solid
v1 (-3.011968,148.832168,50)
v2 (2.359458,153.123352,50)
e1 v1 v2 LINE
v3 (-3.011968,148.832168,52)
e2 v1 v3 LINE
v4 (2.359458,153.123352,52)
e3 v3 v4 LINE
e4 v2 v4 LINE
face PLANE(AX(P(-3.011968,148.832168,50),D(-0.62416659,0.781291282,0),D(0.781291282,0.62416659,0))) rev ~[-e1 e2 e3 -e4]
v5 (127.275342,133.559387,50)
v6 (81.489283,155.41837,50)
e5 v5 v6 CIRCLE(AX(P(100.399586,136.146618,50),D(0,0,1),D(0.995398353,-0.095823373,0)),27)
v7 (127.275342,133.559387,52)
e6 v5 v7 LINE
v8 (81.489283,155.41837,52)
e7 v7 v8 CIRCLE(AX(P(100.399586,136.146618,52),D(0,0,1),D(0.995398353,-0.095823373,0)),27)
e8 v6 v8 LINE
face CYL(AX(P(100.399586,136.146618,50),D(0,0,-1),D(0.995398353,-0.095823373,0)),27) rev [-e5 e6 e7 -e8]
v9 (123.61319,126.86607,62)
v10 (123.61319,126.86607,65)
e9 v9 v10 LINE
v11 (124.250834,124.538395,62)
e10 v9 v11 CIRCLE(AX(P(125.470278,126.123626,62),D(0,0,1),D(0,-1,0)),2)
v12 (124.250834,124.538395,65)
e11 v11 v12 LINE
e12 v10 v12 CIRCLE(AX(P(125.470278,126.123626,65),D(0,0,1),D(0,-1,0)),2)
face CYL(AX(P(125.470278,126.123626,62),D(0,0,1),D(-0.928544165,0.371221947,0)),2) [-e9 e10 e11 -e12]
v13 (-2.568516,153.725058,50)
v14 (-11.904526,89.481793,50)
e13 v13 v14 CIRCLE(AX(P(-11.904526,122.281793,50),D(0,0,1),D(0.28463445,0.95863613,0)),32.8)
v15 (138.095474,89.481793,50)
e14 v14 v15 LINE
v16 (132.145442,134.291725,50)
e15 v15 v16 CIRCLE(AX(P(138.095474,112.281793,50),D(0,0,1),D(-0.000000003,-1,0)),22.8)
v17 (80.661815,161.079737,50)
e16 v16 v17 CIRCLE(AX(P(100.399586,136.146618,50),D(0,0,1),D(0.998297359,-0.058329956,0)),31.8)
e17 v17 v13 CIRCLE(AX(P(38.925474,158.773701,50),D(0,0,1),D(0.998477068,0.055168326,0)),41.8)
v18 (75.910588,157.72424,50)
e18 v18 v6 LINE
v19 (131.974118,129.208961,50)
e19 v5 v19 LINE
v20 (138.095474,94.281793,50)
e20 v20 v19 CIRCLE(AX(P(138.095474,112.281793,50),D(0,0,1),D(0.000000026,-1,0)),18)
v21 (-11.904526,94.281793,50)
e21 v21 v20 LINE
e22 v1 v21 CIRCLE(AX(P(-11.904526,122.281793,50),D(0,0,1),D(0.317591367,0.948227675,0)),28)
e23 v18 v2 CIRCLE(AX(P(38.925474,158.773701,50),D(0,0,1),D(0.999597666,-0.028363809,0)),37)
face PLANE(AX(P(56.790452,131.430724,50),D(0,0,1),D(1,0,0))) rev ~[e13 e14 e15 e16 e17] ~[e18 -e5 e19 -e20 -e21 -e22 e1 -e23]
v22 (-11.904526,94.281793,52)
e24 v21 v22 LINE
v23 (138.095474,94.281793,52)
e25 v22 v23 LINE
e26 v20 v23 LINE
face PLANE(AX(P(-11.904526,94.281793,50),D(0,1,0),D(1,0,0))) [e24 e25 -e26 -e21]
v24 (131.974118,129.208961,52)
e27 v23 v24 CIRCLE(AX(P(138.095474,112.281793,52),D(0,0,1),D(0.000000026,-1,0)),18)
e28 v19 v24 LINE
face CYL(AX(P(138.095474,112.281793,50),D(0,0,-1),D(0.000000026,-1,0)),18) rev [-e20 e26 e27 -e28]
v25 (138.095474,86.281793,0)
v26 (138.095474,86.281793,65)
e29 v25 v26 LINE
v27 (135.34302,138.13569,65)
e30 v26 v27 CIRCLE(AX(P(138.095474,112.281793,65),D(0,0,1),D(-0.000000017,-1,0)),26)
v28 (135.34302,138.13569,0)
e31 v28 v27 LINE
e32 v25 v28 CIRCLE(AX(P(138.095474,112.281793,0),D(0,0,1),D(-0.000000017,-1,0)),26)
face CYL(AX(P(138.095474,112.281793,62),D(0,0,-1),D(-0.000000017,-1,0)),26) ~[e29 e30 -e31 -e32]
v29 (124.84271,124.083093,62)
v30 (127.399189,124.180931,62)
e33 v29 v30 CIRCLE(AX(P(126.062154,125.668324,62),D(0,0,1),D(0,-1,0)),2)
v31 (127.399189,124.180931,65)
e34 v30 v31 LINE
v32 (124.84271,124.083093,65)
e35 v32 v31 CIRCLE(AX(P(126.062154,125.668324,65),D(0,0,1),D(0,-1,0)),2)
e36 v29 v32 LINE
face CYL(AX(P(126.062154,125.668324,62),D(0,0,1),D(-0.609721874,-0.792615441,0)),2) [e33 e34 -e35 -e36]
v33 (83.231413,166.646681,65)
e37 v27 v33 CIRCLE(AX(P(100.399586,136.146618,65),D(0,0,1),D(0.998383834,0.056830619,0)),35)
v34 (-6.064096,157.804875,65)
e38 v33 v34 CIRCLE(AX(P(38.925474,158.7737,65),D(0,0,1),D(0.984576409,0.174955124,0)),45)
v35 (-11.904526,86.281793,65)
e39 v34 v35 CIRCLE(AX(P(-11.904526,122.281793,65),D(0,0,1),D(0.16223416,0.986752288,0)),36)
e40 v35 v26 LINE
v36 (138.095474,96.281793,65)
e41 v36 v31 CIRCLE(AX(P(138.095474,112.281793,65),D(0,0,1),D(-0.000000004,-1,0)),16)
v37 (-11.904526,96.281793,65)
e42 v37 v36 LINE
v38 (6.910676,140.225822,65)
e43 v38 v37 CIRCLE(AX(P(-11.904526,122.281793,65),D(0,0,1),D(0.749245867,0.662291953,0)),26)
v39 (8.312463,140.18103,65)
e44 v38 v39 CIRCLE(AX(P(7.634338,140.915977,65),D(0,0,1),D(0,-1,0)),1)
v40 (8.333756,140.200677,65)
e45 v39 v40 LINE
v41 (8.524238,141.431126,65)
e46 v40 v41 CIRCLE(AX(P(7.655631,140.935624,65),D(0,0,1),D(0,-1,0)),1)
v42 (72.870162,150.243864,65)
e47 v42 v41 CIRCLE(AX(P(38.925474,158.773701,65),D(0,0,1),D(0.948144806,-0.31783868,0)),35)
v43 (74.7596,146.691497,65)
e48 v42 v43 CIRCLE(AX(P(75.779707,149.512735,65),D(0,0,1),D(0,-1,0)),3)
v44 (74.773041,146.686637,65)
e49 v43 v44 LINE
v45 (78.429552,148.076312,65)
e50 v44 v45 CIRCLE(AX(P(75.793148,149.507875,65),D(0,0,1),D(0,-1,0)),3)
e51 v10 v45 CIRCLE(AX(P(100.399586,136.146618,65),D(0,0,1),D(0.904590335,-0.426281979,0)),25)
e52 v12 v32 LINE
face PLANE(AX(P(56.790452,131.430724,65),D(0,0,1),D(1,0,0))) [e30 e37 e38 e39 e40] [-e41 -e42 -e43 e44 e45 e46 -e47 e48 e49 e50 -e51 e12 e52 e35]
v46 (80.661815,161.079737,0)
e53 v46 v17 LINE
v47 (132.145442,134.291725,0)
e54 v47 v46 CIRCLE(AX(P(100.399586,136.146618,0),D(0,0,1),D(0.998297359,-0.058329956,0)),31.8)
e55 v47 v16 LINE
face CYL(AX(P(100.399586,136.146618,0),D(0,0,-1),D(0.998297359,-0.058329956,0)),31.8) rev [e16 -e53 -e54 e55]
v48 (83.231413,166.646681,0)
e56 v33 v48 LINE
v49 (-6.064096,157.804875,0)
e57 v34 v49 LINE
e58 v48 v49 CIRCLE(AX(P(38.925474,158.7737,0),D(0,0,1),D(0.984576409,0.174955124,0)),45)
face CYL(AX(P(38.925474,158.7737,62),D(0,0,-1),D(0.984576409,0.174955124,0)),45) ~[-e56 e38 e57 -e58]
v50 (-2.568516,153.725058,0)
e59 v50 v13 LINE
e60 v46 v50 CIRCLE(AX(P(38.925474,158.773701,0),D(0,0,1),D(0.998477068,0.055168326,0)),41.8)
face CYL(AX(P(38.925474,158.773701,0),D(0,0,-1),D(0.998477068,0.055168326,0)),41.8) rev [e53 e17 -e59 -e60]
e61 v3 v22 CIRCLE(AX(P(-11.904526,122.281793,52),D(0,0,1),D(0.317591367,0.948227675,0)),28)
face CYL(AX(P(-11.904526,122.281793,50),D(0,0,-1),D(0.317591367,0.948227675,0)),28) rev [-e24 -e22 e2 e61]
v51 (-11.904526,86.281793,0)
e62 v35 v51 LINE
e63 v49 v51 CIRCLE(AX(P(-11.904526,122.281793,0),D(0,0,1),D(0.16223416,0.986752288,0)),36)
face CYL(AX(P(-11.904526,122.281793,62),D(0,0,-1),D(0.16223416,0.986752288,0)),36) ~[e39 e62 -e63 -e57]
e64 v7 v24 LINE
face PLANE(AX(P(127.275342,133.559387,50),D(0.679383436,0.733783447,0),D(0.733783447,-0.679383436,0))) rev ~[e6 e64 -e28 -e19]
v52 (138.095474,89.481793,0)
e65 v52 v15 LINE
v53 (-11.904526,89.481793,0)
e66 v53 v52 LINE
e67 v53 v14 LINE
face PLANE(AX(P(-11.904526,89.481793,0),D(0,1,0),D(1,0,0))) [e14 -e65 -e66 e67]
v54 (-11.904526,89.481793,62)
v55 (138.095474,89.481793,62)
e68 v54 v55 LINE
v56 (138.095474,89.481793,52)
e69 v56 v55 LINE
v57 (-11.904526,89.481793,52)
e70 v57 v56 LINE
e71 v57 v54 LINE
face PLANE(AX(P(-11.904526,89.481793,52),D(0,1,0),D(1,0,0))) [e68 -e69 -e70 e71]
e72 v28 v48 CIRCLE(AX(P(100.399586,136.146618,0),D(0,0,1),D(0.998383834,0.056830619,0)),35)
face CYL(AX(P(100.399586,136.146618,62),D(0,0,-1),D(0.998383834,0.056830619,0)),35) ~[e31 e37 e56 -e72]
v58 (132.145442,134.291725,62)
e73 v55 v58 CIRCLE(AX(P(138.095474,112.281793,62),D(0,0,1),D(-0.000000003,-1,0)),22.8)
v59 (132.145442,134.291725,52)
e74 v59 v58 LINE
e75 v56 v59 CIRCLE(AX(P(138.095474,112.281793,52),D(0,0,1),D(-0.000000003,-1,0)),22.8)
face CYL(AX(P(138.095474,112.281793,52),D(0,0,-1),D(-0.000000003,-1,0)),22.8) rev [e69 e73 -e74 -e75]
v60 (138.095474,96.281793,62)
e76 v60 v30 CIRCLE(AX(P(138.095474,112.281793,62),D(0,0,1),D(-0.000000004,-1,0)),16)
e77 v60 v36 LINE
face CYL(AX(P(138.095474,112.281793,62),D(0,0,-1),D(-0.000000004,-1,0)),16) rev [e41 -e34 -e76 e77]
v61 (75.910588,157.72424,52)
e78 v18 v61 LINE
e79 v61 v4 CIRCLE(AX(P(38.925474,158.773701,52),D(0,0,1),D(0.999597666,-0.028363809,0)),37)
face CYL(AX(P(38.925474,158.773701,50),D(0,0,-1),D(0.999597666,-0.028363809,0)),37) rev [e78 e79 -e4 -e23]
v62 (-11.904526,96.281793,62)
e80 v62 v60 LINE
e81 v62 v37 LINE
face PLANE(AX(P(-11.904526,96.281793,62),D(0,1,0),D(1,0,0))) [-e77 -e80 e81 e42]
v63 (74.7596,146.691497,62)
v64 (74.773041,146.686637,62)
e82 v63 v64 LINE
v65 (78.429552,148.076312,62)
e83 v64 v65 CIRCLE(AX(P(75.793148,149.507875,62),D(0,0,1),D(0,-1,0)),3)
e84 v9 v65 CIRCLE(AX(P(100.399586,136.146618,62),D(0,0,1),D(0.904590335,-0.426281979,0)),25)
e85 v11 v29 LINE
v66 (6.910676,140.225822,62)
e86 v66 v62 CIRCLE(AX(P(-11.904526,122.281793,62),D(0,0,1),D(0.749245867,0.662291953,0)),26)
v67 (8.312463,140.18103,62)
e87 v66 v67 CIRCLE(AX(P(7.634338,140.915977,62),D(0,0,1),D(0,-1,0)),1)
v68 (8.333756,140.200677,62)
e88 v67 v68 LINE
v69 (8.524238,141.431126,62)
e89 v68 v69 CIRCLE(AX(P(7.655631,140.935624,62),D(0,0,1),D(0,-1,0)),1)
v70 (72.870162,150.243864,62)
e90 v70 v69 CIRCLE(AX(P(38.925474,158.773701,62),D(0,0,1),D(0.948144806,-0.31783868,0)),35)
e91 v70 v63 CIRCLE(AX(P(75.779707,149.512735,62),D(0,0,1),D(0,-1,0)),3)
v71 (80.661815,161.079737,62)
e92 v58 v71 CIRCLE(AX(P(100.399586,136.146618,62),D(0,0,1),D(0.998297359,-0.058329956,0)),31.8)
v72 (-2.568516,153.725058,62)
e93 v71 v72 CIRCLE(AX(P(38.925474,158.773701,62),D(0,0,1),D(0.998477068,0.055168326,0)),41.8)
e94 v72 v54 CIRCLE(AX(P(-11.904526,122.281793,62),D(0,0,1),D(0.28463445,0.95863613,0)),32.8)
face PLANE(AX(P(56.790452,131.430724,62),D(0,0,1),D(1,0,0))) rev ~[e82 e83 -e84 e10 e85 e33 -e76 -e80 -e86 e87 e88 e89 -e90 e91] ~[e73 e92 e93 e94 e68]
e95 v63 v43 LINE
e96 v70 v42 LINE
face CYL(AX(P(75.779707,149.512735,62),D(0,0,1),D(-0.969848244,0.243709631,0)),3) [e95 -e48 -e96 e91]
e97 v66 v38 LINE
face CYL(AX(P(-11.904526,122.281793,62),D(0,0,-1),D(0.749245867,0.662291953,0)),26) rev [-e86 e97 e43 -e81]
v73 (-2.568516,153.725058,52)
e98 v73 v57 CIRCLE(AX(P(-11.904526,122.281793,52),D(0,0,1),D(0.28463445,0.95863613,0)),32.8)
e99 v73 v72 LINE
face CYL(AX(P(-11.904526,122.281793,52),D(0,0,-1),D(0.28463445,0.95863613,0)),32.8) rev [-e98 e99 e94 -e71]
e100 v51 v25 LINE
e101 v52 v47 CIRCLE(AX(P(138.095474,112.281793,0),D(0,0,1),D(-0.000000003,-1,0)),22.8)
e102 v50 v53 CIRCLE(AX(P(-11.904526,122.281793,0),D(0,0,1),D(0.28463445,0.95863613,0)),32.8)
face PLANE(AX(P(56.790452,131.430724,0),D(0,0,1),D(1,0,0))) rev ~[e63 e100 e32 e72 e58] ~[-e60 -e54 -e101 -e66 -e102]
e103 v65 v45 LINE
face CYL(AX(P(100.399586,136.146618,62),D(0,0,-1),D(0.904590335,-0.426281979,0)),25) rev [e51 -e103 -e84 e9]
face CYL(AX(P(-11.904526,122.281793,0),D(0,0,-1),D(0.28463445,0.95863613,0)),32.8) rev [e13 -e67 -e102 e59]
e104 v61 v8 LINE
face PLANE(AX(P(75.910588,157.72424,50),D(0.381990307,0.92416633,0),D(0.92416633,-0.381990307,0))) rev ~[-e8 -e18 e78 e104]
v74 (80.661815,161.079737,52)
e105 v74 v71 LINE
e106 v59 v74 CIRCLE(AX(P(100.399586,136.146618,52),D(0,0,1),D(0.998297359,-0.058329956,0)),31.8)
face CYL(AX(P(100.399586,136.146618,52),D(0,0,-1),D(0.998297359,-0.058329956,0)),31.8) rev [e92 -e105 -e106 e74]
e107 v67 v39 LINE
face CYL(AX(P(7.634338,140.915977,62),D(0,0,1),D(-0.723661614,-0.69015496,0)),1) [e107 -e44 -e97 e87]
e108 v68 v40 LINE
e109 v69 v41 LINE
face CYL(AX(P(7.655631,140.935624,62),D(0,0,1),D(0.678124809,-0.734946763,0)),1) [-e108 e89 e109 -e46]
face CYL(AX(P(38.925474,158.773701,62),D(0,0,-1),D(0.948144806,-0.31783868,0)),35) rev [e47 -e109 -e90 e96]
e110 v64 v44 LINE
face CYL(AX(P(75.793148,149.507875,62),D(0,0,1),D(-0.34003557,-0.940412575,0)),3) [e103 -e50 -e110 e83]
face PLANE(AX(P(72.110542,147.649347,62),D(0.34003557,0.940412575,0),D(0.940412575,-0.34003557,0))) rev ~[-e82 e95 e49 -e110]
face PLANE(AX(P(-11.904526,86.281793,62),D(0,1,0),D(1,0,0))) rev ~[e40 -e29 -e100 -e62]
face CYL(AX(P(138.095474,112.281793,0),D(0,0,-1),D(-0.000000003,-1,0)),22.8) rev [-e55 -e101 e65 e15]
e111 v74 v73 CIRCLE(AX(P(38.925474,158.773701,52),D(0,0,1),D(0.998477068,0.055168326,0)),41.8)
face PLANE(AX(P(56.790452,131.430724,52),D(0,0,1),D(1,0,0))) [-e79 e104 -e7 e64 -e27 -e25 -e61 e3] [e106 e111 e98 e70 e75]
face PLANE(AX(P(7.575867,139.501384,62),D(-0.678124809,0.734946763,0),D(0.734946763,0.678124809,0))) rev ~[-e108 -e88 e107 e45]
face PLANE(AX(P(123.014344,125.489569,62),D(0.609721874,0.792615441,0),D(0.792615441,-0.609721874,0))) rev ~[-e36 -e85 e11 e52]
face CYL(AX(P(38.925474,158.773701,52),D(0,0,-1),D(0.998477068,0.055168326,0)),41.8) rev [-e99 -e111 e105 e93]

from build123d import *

# Parameters (mm, degrees)
PAD016_DEPTH = 50
PAD017_DEPTH = 2
PAD018_DEPTH = 10
PAD019_DEPTH = 3
FILLET_R     = 1
FILLET001_R  = 3
FILLET002_R  = 2


with BuildPart() as part:
    # Sketch024 → Pad016 (new body)
    with BuildSketch(Plane.XY):
        with BuildLine():
            Line((0, 0), (150, 0))
            ThreePointArc((150, 0), (175.963449, 27.378164), (147.247546, 51.853897))
            ThreePointArc((147.247546, 51.853897), (129.103193, 80.569725), (95.135939, 80.364888))
            ThreePointArc((95.135939, 80.364888), (46.395903, 117.272917), (5.84043, 71.523082))
            ThreePointArc((5.84043, 71.523082), (-35.880572, 38.929935), (0, 0))
        make_face()
        with BuildLine():
            ThreePointArc((92.566341, 74.797944), (47.150665, 114.129661), (9.33601, 67.443265))
            ThreePointArc((9.33601, 67.443265), (-32.459044, 40.717039), (0, 3.2))
            Line((0, 3.2), (150, 3.2))
            ThreePointArc((150, 3.2), (172.60162, 29.001128), (144.049968, 48.009932))
            ThreePointArc((144.049968, 48.009932), (126.982256, 78.074612), (92.566341, 74.797944))
        make_face(mode=Mode.SUBTRACT)
    extrude(amount=PAD016_DEPTH)

    # Sketch025 (on Face12 of Pad016) → Pad017 (join)
    with BuildSketch(Plane.XY.offset(50)):
        with BuildLine():
            Line((0, 0), (150, 0))
            ThreePointArc((150, 0), (175.963449, 27.378164), (147.247546, 51.853897))
            ThreePointArc((147.247546, 51.853897), (129.103193, 80.569725), (95.135939, 80.364888))
            ThreePointArc((95.135939, 80.364888), (46.395903, 117.272917), (5.84043, 71.523082))
            ThreePointArc((5.84043, 71.523082), (-35.880572, 38.929935), (0, 0))
        make_face()
        with BuildLine():
            ThreePointArc((87.815114, 71.442447), (48.520032, 109.41973), (14.263984, 66.841559))
            Line((8.892558, 62.550375), (14.263984, 66.841559))
            ThreePointArc((8.892558, 62.550375), (-27.635218, 40.504969), (0, 8))
            Line((0, 8), (150, 8))
            ThreePointArc((150, 8), (167.729763, 29.107329), (143.878644, 42.927168))
            Line((139.179868, 47.277594), (143.878644, 42.927168))
            ThreePointArc((139.179868, 47.277594), (123.936648, 74.230459), (93.393809, 69.136577))
            Line((87.815114, 71.442447), (93.393809, 69.136577))
        make_face(mode=Mode.SUBTRACT)
    extrude(amount=PAD017_DEPTH)

    # Sketch026 (on Face15 of Pad017) → Pad018 (join)
    with BuildSketch(Plane.XY.offset(52)):
        with BuildLine():
            Line((0, 0), (150, 0))
            ThreePointArc((150, 0), (175.963449, 27.378164), (147.247546, 51.853897))
            ThreePointArc((147.247546, 51.853897), (129.103193, 80.569725), (95.135939, 80.364888))
            ThreePointArc((95.135939, 80.364888), (46.395903, 117.272917), (5.84043, 71.523082))
            ThreePointArc((5.84043, 71.523082), (-35.880572, 38.929935), (0, 0))
        make_face()
        with BuildLine():
            ThreePointArc((92.566341, 74.797944), (47.150665, 114.129661), (9.33601, 67.443265))
            ThreePointArc((9.33601, 67.443265), (-32.459044, 40.717039), (0, 3.2))
            Line((0, 3.2), (150, 3.2))
            ThreePointArc((150, 3.2), (172.60162, 29.001128), (144.049968, 48.009932))
            ThreePointArc((144.049968, 48.009932), (126.982256, 78.074612), (92.566341, 74.797944))
        make_face(mode=Mode.SUBTRACT)
    extrude(amount=PAD018_DEPTH)

    # Sketch027 (on Face21 of Pad018) → Pad019 (join)
    with BuildSketch(Plane.XY.offset(62)):
        with BuildLine():
            Line((0, 0), (150, 0))
            ThreePointArc((150, 0), (175.963449, 27.378164), (147.247546, 51.853897))
            ThreePointArc((147.247546, 51.853897), (129.103193, 80.569725), (95.135939, 80.364888))
            ThreePointArc((95.135939, 80.364888), (46.395903, 117.272917), (5.84043, 71.523082))
            ThreePointArc((5.84043, 71.523082), (-35.880572, 38.929935), (0, 0))
        make_face()
        with BuildLine():
            ThreePointArc((84.015068, 61.367554), (47.028893, 107.28489), (20.829728, 54.464603))
            Line((19.480393, 53.219591), (20.829728, 54.464603))
            ThreePointArc((19.480393, 53.219591), (-23.703474, 46.683881), (0, 10))
            Line((0, 10), (150, 10))
            ThreePointArc((150, 10), (164.62434, 32.490661), (138.134796, 36.733915))
            Line((134.91887, 39.207776), (138.134796, 36.733915))
            ThreePointArc((134.91887, 39.207776), (122.444141, 72.716079), (89.228181, 59.48259))
            Line((84.015068, 61.367554), (89.228181, 59.48259))
        make_face(mode=Mode.SUBTRACT)
    extrude(amount=PAD019_DEPTH)

    # Fillet
    fillet_edges = [part.edges().sort_by_distance(p)[0] for p in [
        (20.829728, 54.464603, 63.5),
        (19.480393, 53.219591, 63.5),
    ]]
    fillet(fillet_edges, radius=FILLET_R)

    # Fillet001
    fillet001_edges = [part.edges().sort_by_distance(p)[0] for p in [
        (89.228181, 59.48259, 63.5),
        (84.015068, 61.367554, 63.5),
    ]]
    fillet(fillet001_edges, radius=FILLET001_R)

    # Fillet002
    fillet002_edges = [part.edges().sort_by_distance(p)[0] for p in [
        (138.134796, 36.733915, 63.5),
        (134.91887, 39.207776, 63.5),
    ]]
    fillet(fillet002_edges, radius=FILLET002_R)


with BuildPart() as part_1:
    # Body004 placement: moved
    add(part.part.moved(Location((-11.904526, 86.281793, 0))))


solid = part_1.part
